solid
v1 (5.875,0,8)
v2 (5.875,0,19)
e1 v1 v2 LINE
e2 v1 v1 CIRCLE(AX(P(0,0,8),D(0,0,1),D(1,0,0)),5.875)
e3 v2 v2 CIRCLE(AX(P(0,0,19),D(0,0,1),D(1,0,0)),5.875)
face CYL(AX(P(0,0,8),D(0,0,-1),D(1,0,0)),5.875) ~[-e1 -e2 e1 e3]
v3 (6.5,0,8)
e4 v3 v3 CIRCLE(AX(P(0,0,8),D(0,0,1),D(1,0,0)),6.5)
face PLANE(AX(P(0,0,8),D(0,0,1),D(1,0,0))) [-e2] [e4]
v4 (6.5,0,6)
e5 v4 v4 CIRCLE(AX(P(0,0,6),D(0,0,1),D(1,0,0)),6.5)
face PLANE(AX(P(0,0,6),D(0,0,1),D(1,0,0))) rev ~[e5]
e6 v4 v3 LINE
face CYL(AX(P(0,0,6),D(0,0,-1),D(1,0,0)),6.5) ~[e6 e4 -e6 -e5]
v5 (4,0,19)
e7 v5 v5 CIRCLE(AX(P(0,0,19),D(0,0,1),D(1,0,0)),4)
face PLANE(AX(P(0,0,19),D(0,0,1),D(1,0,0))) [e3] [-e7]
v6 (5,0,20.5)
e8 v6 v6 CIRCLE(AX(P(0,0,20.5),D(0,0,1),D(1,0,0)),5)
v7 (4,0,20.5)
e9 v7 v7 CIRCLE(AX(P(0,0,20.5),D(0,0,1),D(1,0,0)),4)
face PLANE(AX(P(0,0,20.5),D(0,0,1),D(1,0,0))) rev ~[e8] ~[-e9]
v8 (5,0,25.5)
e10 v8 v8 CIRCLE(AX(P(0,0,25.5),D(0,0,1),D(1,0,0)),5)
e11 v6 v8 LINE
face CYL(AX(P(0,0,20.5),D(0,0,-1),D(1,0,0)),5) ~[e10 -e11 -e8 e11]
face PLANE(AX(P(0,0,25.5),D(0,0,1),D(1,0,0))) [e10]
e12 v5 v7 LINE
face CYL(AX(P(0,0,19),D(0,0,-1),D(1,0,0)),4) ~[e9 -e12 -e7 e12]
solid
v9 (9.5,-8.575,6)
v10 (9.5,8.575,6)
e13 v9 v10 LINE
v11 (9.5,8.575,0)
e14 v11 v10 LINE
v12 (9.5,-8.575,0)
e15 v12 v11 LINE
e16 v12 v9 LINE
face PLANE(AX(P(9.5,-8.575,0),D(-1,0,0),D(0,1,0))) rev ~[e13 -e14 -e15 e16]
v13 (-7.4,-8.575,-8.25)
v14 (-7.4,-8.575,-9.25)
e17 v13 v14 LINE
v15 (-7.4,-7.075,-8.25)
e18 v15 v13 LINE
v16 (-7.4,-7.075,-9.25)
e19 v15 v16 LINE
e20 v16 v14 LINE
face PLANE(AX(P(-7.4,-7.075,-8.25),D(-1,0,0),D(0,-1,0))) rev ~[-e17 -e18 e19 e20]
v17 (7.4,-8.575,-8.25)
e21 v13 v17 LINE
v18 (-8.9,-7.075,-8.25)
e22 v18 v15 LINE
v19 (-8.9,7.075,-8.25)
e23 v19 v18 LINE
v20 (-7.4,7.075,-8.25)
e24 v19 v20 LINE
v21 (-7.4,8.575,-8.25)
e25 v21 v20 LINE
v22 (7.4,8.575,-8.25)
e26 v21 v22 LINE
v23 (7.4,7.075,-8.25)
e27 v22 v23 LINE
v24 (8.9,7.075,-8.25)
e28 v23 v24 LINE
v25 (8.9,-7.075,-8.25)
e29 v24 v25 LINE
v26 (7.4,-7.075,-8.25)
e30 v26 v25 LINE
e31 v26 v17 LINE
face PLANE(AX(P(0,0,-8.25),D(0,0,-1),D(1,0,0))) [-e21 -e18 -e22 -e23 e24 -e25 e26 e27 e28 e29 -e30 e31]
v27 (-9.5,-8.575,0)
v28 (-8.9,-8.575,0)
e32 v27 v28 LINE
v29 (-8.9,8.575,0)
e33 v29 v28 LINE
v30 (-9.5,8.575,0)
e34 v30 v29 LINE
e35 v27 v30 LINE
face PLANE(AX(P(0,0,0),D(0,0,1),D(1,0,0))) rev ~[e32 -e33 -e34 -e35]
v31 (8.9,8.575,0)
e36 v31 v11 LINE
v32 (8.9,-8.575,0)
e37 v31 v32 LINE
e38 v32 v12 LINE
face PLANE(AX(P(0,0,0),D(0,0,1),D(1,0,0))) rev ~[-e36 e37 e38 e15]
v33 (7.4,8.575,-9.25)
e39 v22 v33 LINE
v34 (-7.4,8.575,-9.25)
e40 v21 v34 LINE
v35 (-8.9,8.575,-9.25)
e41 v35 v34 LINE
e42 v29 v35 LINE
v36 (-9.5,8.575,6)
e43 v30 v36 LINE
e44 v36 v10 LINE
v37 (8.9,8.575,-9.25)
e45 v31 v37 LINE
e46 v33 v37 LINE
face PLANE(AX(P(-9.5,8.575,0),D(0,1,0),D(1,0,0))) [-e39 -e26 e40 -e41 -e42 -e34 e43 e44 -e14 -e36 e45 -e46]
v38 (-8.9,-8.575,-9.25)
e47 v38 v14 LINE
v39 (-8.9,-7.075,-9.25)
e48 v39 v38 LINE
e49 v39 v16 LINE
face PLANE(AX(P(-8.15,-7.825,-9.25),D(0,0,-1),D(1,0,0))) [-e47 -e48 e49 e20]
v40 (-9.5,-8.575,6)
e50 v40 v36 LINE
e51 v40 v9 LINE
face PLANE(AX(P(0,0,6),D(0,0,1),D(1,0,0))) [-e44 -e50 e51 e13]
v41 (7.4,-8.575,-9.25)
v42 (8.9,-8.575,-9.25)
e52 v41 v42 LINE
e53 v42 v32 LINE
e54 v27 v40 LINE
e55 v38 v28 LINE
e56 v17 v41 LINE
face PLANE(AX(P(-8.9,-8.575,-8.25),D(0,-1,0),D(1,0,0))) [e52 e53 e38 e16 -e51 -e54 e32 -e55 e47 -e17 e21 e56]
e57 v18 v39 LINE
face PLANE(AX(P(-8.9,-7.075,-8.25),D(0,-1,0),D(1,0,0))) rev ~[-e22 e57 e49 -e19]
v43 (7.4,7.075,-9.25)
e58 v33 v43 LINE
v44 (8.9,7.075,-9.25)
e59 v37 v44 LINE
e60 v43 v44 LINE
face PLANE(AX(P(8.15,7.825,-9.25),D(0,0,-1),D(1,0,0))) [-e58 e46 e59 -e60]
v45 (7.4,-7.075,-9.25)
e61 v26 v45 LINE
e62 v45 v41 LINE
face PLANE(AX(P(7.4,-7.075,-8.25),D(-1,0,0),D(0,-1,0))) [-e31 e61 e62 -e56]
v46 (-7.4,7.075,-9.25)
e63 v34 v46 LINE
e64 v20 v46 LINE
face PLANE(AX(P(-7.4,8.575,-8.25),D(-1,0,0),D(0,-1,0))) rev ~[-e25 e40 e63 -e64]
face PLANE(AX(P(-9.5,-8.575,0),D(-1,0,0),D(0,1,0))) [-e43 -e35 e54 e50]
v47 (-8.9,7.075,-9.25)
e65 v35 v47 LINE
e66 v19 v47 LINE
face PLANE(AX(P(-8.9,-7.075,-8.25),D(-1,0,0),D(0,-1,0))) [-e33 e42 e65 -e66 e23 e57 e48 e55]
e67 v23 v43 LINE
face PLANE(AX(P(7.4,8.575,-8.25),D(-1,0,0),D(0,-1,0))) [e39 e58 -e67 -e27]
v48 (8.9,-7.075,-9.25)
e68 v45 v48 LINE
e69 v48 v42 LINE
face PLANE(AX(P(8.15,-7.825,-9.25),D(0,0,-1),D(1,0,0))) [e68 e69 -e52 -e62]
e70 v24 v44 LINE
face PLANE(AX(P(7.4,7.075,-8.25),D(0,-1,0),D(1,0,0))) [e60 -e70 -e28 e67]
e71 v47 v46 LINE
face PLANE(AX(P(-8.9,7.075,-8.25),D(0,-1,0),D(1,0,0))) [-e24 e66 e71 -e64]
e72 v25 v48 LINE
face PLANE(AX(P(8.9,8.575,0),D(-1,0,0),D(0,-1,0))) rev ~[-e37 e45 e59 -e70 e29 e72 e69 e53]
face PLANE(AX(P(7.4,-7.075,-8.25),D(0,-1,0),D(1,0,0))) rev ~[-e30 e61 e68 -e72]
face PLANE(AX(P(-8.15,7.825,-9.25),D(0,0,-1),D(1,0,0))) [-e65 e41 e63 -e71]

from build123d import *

# Parameters (mm, degrees)
F0_W      = 19
F0_H      = 17.15
F1_DEPTH  = 6
F2_W      = 17.8
F2_H      = 17.15
F3_DEPTH  = 8.25
F4_W      = 1.5
F4_H      = 1.5
F5_DEPTH  = 1
F6_R      = 6.5
F7_DEPTH  = 2
F8_R      = 5.875
F9_DEPTH  = 11
F10_R     = 4
F11_DEPTH = 1.5
F12_R     = 5
F13_DEPTH = 5


with BuildPart() as f1:
    # F0 (on Top) → F1 (new body)
    with BuildSketch(Plane.XY):
        Rectangle(F0_W, F0_H)
    extrude(amount=F1_DEPTH)

    # F2 (on face) → F3 (join)
    with BuildSketch(Plane(origin=(0, 0, 0), x_dir=(1, 0, 0), z_dir=(0, 0, -1))):
        Rectangle(F2_W, F2_H)
    extrude(amount=F3_DEPTH)

    # F4 (on face) → F5 (join)
    with BuildSketch(Plane(origin=(0, 0, -8.25), x_dir=(1, 0, 0), z_dir=(0, 0, -1))):
        with Locations((-8.15, 7.825)):
            Rectangle(F4_W, F4_H)
        with Locations((8.15, 7.825)):
            Rectangle(F4_W, F4_H)
        with Locations((-8.15, -7.825)):
            Rectangle(F4_W, F4_H)
        with Locations((8.15, -7.825)):
            Rectangle(F4_W, F4_H)
    extrude(amount=F5_DEPTH)


with BuildPart() as f7:
    # F6 (on face) → F7 (new body)
    with BuildSketch(Plane.XY.offset(6)):
        Circle(F6_R)
    extrude(amount=F7_DEPTH)

    # F8 (on face) → F9 (join)
    with BuildSketch(Plane.XY.offset(8)):
        Circle(F8_R)
    extrude(amount=F9_DEPTH)

    # F10 (on face) → F11 (join)
    with BuildSketch(Plane.XY.offset(19)):
        Circle(F10_R)
    extrude(amount=F11_DEPTH)

    # F12 (on face) → F13 (join)
    with BuildSketch(Plane.XY.offset(20.5)):
        Circle(F12_R)
    extrude(amount=F13_DEPTH)


solid = Compound([f1.part, f7.part])
